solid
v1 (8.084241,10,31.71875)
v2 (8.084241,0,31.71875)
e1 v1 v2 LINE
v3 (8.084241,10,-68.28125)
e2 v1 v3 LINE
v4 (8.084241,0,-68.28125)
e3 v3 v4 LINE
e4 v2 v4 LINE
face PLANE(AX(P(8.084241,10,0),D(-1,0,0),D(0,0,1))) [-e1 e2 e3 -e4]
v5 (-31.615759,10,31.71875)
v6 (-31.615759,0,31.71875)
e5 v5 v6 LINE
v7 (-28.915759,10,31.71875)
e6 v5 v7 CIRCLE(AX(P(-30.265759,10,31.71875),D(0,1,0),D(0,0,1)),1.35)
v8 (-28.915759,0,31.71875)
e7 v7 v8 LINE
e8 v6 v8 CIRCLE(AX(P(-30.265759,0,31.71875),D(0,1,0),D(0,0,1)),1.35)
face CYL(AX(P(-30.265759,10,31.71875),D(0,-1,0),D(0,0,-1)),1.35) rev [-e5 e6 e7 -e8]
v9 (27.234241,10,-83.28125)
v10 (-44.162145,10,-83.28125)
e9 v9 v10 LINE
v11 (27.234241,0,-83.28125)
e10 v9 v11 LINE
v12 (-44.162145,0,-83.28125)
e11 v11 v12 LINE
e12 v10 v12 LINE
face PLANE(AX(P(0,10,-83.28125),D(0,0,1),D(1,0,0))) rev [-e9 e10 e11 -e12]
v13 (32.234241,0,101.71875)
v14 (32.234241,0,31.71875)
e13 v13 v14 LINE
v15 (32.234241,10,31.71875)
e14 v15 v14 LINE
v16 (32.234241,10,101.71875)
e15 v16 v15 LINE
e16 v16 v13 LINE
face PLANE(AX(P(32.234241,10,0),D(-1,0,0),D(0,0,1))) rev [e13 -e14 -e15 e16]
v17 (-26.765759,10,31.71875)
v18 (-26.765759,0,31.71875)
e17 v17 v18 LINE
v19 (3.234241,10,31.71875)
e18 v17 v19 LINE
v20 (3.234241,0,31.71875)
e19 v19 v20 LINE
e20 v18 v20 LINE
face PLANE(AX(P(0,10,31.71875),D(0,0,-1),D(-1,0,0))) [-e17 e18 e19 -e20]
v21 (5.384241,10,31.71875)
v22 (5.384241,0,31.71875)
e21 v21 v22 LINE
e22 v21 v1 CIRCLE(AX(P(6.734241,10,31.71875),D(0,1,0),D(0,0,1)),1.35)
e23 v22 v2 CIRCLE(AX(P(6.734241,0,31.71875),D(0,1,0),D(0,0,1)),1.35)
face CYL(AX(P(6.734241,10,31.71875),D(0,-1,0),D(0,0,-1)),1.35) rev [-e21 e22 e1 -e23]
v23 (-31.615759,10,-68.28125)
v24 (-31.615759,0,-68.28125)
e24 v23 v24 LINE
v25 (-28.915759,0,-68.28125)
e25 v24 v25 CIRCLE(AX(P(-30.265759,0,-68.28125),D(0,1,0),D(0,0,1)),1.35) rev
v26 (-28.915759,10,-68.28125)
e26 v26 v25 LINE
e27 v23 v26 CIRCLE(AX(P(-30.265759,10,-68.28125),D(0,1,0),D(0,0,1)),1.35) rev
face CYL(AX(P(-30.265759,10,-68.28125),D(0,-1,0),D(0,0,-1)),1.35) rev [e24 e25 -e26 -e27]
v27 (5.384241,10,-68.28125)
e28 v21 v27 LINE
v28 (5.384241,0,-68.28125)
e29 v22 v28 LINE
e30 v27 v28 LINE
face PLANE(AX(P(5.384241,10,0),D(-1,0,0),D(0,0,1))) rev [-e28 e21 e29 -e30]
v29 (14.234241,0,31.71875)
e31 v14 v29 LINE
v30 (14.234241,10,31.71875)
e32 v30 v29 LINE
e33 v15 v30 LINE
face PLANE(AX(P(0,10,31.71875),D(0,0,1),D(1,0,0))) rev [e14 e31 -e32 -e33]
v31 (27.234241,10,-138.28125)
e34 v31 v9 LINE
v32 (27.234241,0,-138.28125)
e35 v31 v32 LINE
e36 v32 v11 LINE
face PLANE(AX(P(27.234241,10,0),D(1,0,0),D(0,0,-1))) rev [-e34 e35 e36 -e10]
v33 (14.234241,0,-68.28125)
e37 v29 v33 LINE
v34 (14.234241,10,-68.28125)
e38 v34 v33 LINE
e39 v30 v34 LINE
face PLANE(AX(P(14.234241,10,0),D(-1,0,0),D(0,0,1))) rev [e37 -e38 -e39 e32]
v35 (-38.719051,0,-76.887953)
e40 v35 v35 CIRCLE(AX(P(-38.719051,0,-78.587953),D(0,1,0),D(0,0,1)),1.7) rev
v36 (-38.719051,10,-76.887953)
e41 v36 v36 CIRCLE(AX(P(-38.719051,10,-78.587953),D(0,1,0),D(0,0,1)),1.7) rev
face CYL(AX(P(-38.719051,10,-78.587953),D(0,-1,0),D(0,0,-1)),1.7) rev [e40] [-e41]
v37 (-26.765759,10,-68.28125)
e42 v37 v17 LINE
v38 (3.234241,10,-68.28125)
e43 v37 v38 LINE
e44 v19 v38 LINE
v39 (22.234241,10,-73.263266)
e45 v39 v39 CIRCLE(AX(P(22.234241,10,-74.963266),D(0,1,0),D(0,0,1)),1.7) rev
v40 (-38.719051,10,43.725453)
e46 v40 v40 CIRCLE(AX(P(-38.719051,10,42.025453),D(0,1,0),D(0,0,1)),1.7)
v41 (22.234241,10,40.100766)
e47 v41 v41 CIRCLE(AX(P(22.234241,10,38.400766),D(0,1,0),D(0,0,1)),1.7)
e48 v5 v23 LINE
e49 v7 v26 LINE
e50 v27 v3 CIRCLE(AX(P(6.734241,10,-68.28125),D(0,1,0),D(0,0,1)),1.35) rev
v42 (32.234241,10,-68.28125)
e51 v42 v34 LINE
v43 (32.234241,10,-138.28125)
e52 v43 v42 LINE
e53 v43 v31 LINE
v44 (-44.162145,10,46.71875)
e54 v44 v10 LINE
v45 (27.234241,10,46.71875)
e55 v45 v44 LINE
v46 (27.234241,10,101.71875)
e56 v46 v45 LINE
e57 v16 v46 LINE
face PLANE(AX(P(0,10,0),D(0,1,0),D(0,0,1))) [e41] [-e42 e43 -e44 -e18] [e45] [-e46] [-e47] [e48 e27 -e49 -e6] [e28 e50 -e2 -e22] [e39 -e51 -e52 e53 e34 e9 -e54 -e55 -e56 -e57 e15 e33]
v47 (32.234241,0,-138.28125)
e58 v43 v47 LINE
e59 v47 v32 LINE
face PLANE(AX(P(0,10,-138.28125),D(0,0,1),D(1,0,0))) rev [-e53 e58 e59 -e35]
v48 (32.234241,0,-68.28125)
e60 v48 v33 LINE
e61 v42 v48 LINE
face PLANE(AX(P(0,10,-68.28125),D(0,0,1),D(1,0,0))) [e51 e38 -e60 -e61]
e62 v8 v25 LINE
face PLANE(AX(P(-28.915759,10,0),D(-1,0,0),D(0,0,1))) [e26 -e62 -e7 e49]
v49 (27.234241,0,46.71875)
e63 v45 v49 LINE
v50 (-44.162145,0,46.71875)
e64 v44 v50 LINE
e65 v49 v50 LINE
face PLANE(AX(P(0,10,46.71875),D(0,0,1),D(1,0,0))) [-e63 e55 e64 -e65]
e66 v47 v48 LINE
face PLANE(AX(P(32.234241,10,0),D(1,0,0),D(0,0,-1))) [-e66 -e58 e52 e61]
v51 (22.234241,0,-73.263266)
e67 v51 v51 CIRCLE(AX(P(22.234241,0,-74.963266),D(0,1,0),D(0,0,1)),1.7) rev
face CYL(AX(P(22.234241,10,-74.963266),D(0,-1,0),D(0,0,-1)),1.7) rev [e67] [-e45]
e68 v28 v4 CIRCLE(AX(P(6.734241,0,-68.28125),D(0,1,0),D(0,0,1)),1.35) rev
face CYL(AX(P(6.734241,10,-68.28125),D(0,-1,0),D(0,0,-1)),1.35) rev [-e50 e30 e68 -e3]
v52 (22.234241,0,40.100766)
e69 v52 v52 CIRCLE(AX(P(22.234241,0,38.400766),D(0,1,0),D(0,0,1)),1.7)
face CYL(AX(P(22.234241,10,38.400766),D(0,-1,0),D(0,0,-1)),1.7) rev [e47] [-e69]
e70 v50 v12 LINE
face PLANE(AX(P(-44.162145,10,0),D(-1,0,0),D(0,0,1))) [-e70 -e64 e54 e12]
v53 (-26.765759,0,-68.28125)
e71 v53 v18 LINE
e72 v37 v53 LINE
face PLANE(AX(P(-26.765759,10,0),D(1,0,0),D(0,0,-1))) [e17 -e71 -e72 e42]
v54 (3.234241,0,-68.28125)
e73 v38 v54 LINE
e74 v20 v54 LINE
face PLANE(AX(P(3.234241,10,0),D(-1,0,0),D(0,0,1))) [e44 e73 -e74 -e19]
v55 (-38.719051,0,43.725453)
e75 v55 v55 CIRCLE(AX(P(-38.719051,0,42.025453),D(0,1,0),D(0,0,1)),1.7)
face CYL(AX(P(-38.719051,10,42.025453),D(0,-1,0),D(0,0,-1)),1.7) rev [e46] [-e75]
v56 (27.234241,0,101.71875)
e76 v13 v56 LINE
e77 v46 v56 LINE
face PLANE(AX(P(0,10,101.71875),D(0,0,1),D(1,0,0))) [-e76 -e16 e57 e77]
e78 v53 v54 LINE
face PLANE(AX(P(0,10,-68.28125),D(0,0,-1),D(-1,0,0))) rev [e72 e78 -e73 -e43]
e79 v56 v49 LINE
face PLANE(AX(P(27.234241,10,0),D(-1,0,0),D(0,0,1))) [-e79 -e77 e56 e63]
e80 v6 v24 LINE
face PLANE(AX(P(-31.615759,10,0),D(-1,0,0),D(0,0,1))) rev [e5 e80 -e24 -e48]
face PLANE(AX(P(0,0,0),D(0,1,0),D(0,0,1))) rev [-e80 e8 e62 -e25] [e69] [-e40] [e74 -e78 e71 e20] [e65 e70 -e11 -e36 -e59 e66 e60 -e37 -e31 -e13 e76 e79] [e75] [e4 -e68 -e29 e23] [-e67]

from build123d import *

# Parameters (mm, degrees)
SKETCH1_R           = 1.7
SKETCH1_W           = 30
SKETCH1_H           = 100
BOSS_EXTRUDE1_DEPTH = 10


with BuildPart() as part:
    # Sketch1 → Boss-Extrude1 (new body)
    with BuildSketch(Plane(origin=(0, 0, 0), x_dir=(1, 0, 0), z_dir=(0, 1, 0))):
        Polygon((32.234241277, 138.28125), (32.234241277, 68.28125), (14.234241277, 68.28125), (14.234241277, -31.71875), (32.234241277, -31.71875), (32.234241277, -101.71875), (27.234241277, -101.71875), (27.234241277, -46.71875), (-30.265758723, -46.71875), (-44.162144835, -46.71875), (-44.162144835, 83.28125), (-30.265758723, 83.28125), (27.234241277, 83.28125), (27.234241277, 138.28125), align=None)
        with Locations((22.234241277, 74.963265867)):
            Circle(SKETCH1_R, mode=Mode.SUBTRACT)
        with Locations((22.234241277, -38.400765867)):
            Circle(SKETCH1_R, mode=Mode.SUBTRACT)
        with Locations((-38.719051078, -42.025453022)):
            Circle(SKETCH1_R, mode=Mode.SUBTRACT)
        with Locations((-38.719051078, 78.587953022)):
            Circle(SKETCH1_R, mode=Mode.SUBTRACT)
        with Locations((-11.765758723, 18.28125)):
            Rectangle(SKETCH1_W, SKETCH1_H, mode=Mode.SUBTRACT)
        with BuildLine():
            Line((-31.615758723, 18.28125), (-31.615758723, 68.28125))
            ThreePointArc((-31.615758723, 68.28125), (-30.265758723, 69.63125), (-28.915758723, 68.28125))
            Line((-28.915758723, 68.28125), (-28.915758723, 18.28125))
            Line((-28.915758723, 18.28125), (-28.915758723, -31.71875))
            ThreePointArc((-28.915758723, -31.71875), (-30.265758723, -33.06875), (-31.615758723, -31.71875))
            Line((-31.615758723, -31.71875), (-31.615758723, 18.28125))
        make_face(mode=Mode.SUBTRACT)
        with BuildLine():
            Line((5.384241277, 18.28125), (5.384241277, 68.28125))
            ThreePointArc((5.384241277, 68.28125), (6.734241277, 69.63125), (8.084241277, 68.28125))
            Line((8.084241277, 68.28125), (8.084241277, 18.28125))
            Line((8.084241277, 18.28125), (8.084241277, -31.71875))
            ThreePointArc((8.084241277, -31.71875), (6.734241277, -33.06875), (5.384241277, -31.71875))
            Line((5.384241277, -31.71875), (5.384241277, 18.28125))
        make_face(mode=Mode.SUBTRACT)
    extrude(amount=BOSS_EXTRUDE1_DEPTH)


solid = part.part
